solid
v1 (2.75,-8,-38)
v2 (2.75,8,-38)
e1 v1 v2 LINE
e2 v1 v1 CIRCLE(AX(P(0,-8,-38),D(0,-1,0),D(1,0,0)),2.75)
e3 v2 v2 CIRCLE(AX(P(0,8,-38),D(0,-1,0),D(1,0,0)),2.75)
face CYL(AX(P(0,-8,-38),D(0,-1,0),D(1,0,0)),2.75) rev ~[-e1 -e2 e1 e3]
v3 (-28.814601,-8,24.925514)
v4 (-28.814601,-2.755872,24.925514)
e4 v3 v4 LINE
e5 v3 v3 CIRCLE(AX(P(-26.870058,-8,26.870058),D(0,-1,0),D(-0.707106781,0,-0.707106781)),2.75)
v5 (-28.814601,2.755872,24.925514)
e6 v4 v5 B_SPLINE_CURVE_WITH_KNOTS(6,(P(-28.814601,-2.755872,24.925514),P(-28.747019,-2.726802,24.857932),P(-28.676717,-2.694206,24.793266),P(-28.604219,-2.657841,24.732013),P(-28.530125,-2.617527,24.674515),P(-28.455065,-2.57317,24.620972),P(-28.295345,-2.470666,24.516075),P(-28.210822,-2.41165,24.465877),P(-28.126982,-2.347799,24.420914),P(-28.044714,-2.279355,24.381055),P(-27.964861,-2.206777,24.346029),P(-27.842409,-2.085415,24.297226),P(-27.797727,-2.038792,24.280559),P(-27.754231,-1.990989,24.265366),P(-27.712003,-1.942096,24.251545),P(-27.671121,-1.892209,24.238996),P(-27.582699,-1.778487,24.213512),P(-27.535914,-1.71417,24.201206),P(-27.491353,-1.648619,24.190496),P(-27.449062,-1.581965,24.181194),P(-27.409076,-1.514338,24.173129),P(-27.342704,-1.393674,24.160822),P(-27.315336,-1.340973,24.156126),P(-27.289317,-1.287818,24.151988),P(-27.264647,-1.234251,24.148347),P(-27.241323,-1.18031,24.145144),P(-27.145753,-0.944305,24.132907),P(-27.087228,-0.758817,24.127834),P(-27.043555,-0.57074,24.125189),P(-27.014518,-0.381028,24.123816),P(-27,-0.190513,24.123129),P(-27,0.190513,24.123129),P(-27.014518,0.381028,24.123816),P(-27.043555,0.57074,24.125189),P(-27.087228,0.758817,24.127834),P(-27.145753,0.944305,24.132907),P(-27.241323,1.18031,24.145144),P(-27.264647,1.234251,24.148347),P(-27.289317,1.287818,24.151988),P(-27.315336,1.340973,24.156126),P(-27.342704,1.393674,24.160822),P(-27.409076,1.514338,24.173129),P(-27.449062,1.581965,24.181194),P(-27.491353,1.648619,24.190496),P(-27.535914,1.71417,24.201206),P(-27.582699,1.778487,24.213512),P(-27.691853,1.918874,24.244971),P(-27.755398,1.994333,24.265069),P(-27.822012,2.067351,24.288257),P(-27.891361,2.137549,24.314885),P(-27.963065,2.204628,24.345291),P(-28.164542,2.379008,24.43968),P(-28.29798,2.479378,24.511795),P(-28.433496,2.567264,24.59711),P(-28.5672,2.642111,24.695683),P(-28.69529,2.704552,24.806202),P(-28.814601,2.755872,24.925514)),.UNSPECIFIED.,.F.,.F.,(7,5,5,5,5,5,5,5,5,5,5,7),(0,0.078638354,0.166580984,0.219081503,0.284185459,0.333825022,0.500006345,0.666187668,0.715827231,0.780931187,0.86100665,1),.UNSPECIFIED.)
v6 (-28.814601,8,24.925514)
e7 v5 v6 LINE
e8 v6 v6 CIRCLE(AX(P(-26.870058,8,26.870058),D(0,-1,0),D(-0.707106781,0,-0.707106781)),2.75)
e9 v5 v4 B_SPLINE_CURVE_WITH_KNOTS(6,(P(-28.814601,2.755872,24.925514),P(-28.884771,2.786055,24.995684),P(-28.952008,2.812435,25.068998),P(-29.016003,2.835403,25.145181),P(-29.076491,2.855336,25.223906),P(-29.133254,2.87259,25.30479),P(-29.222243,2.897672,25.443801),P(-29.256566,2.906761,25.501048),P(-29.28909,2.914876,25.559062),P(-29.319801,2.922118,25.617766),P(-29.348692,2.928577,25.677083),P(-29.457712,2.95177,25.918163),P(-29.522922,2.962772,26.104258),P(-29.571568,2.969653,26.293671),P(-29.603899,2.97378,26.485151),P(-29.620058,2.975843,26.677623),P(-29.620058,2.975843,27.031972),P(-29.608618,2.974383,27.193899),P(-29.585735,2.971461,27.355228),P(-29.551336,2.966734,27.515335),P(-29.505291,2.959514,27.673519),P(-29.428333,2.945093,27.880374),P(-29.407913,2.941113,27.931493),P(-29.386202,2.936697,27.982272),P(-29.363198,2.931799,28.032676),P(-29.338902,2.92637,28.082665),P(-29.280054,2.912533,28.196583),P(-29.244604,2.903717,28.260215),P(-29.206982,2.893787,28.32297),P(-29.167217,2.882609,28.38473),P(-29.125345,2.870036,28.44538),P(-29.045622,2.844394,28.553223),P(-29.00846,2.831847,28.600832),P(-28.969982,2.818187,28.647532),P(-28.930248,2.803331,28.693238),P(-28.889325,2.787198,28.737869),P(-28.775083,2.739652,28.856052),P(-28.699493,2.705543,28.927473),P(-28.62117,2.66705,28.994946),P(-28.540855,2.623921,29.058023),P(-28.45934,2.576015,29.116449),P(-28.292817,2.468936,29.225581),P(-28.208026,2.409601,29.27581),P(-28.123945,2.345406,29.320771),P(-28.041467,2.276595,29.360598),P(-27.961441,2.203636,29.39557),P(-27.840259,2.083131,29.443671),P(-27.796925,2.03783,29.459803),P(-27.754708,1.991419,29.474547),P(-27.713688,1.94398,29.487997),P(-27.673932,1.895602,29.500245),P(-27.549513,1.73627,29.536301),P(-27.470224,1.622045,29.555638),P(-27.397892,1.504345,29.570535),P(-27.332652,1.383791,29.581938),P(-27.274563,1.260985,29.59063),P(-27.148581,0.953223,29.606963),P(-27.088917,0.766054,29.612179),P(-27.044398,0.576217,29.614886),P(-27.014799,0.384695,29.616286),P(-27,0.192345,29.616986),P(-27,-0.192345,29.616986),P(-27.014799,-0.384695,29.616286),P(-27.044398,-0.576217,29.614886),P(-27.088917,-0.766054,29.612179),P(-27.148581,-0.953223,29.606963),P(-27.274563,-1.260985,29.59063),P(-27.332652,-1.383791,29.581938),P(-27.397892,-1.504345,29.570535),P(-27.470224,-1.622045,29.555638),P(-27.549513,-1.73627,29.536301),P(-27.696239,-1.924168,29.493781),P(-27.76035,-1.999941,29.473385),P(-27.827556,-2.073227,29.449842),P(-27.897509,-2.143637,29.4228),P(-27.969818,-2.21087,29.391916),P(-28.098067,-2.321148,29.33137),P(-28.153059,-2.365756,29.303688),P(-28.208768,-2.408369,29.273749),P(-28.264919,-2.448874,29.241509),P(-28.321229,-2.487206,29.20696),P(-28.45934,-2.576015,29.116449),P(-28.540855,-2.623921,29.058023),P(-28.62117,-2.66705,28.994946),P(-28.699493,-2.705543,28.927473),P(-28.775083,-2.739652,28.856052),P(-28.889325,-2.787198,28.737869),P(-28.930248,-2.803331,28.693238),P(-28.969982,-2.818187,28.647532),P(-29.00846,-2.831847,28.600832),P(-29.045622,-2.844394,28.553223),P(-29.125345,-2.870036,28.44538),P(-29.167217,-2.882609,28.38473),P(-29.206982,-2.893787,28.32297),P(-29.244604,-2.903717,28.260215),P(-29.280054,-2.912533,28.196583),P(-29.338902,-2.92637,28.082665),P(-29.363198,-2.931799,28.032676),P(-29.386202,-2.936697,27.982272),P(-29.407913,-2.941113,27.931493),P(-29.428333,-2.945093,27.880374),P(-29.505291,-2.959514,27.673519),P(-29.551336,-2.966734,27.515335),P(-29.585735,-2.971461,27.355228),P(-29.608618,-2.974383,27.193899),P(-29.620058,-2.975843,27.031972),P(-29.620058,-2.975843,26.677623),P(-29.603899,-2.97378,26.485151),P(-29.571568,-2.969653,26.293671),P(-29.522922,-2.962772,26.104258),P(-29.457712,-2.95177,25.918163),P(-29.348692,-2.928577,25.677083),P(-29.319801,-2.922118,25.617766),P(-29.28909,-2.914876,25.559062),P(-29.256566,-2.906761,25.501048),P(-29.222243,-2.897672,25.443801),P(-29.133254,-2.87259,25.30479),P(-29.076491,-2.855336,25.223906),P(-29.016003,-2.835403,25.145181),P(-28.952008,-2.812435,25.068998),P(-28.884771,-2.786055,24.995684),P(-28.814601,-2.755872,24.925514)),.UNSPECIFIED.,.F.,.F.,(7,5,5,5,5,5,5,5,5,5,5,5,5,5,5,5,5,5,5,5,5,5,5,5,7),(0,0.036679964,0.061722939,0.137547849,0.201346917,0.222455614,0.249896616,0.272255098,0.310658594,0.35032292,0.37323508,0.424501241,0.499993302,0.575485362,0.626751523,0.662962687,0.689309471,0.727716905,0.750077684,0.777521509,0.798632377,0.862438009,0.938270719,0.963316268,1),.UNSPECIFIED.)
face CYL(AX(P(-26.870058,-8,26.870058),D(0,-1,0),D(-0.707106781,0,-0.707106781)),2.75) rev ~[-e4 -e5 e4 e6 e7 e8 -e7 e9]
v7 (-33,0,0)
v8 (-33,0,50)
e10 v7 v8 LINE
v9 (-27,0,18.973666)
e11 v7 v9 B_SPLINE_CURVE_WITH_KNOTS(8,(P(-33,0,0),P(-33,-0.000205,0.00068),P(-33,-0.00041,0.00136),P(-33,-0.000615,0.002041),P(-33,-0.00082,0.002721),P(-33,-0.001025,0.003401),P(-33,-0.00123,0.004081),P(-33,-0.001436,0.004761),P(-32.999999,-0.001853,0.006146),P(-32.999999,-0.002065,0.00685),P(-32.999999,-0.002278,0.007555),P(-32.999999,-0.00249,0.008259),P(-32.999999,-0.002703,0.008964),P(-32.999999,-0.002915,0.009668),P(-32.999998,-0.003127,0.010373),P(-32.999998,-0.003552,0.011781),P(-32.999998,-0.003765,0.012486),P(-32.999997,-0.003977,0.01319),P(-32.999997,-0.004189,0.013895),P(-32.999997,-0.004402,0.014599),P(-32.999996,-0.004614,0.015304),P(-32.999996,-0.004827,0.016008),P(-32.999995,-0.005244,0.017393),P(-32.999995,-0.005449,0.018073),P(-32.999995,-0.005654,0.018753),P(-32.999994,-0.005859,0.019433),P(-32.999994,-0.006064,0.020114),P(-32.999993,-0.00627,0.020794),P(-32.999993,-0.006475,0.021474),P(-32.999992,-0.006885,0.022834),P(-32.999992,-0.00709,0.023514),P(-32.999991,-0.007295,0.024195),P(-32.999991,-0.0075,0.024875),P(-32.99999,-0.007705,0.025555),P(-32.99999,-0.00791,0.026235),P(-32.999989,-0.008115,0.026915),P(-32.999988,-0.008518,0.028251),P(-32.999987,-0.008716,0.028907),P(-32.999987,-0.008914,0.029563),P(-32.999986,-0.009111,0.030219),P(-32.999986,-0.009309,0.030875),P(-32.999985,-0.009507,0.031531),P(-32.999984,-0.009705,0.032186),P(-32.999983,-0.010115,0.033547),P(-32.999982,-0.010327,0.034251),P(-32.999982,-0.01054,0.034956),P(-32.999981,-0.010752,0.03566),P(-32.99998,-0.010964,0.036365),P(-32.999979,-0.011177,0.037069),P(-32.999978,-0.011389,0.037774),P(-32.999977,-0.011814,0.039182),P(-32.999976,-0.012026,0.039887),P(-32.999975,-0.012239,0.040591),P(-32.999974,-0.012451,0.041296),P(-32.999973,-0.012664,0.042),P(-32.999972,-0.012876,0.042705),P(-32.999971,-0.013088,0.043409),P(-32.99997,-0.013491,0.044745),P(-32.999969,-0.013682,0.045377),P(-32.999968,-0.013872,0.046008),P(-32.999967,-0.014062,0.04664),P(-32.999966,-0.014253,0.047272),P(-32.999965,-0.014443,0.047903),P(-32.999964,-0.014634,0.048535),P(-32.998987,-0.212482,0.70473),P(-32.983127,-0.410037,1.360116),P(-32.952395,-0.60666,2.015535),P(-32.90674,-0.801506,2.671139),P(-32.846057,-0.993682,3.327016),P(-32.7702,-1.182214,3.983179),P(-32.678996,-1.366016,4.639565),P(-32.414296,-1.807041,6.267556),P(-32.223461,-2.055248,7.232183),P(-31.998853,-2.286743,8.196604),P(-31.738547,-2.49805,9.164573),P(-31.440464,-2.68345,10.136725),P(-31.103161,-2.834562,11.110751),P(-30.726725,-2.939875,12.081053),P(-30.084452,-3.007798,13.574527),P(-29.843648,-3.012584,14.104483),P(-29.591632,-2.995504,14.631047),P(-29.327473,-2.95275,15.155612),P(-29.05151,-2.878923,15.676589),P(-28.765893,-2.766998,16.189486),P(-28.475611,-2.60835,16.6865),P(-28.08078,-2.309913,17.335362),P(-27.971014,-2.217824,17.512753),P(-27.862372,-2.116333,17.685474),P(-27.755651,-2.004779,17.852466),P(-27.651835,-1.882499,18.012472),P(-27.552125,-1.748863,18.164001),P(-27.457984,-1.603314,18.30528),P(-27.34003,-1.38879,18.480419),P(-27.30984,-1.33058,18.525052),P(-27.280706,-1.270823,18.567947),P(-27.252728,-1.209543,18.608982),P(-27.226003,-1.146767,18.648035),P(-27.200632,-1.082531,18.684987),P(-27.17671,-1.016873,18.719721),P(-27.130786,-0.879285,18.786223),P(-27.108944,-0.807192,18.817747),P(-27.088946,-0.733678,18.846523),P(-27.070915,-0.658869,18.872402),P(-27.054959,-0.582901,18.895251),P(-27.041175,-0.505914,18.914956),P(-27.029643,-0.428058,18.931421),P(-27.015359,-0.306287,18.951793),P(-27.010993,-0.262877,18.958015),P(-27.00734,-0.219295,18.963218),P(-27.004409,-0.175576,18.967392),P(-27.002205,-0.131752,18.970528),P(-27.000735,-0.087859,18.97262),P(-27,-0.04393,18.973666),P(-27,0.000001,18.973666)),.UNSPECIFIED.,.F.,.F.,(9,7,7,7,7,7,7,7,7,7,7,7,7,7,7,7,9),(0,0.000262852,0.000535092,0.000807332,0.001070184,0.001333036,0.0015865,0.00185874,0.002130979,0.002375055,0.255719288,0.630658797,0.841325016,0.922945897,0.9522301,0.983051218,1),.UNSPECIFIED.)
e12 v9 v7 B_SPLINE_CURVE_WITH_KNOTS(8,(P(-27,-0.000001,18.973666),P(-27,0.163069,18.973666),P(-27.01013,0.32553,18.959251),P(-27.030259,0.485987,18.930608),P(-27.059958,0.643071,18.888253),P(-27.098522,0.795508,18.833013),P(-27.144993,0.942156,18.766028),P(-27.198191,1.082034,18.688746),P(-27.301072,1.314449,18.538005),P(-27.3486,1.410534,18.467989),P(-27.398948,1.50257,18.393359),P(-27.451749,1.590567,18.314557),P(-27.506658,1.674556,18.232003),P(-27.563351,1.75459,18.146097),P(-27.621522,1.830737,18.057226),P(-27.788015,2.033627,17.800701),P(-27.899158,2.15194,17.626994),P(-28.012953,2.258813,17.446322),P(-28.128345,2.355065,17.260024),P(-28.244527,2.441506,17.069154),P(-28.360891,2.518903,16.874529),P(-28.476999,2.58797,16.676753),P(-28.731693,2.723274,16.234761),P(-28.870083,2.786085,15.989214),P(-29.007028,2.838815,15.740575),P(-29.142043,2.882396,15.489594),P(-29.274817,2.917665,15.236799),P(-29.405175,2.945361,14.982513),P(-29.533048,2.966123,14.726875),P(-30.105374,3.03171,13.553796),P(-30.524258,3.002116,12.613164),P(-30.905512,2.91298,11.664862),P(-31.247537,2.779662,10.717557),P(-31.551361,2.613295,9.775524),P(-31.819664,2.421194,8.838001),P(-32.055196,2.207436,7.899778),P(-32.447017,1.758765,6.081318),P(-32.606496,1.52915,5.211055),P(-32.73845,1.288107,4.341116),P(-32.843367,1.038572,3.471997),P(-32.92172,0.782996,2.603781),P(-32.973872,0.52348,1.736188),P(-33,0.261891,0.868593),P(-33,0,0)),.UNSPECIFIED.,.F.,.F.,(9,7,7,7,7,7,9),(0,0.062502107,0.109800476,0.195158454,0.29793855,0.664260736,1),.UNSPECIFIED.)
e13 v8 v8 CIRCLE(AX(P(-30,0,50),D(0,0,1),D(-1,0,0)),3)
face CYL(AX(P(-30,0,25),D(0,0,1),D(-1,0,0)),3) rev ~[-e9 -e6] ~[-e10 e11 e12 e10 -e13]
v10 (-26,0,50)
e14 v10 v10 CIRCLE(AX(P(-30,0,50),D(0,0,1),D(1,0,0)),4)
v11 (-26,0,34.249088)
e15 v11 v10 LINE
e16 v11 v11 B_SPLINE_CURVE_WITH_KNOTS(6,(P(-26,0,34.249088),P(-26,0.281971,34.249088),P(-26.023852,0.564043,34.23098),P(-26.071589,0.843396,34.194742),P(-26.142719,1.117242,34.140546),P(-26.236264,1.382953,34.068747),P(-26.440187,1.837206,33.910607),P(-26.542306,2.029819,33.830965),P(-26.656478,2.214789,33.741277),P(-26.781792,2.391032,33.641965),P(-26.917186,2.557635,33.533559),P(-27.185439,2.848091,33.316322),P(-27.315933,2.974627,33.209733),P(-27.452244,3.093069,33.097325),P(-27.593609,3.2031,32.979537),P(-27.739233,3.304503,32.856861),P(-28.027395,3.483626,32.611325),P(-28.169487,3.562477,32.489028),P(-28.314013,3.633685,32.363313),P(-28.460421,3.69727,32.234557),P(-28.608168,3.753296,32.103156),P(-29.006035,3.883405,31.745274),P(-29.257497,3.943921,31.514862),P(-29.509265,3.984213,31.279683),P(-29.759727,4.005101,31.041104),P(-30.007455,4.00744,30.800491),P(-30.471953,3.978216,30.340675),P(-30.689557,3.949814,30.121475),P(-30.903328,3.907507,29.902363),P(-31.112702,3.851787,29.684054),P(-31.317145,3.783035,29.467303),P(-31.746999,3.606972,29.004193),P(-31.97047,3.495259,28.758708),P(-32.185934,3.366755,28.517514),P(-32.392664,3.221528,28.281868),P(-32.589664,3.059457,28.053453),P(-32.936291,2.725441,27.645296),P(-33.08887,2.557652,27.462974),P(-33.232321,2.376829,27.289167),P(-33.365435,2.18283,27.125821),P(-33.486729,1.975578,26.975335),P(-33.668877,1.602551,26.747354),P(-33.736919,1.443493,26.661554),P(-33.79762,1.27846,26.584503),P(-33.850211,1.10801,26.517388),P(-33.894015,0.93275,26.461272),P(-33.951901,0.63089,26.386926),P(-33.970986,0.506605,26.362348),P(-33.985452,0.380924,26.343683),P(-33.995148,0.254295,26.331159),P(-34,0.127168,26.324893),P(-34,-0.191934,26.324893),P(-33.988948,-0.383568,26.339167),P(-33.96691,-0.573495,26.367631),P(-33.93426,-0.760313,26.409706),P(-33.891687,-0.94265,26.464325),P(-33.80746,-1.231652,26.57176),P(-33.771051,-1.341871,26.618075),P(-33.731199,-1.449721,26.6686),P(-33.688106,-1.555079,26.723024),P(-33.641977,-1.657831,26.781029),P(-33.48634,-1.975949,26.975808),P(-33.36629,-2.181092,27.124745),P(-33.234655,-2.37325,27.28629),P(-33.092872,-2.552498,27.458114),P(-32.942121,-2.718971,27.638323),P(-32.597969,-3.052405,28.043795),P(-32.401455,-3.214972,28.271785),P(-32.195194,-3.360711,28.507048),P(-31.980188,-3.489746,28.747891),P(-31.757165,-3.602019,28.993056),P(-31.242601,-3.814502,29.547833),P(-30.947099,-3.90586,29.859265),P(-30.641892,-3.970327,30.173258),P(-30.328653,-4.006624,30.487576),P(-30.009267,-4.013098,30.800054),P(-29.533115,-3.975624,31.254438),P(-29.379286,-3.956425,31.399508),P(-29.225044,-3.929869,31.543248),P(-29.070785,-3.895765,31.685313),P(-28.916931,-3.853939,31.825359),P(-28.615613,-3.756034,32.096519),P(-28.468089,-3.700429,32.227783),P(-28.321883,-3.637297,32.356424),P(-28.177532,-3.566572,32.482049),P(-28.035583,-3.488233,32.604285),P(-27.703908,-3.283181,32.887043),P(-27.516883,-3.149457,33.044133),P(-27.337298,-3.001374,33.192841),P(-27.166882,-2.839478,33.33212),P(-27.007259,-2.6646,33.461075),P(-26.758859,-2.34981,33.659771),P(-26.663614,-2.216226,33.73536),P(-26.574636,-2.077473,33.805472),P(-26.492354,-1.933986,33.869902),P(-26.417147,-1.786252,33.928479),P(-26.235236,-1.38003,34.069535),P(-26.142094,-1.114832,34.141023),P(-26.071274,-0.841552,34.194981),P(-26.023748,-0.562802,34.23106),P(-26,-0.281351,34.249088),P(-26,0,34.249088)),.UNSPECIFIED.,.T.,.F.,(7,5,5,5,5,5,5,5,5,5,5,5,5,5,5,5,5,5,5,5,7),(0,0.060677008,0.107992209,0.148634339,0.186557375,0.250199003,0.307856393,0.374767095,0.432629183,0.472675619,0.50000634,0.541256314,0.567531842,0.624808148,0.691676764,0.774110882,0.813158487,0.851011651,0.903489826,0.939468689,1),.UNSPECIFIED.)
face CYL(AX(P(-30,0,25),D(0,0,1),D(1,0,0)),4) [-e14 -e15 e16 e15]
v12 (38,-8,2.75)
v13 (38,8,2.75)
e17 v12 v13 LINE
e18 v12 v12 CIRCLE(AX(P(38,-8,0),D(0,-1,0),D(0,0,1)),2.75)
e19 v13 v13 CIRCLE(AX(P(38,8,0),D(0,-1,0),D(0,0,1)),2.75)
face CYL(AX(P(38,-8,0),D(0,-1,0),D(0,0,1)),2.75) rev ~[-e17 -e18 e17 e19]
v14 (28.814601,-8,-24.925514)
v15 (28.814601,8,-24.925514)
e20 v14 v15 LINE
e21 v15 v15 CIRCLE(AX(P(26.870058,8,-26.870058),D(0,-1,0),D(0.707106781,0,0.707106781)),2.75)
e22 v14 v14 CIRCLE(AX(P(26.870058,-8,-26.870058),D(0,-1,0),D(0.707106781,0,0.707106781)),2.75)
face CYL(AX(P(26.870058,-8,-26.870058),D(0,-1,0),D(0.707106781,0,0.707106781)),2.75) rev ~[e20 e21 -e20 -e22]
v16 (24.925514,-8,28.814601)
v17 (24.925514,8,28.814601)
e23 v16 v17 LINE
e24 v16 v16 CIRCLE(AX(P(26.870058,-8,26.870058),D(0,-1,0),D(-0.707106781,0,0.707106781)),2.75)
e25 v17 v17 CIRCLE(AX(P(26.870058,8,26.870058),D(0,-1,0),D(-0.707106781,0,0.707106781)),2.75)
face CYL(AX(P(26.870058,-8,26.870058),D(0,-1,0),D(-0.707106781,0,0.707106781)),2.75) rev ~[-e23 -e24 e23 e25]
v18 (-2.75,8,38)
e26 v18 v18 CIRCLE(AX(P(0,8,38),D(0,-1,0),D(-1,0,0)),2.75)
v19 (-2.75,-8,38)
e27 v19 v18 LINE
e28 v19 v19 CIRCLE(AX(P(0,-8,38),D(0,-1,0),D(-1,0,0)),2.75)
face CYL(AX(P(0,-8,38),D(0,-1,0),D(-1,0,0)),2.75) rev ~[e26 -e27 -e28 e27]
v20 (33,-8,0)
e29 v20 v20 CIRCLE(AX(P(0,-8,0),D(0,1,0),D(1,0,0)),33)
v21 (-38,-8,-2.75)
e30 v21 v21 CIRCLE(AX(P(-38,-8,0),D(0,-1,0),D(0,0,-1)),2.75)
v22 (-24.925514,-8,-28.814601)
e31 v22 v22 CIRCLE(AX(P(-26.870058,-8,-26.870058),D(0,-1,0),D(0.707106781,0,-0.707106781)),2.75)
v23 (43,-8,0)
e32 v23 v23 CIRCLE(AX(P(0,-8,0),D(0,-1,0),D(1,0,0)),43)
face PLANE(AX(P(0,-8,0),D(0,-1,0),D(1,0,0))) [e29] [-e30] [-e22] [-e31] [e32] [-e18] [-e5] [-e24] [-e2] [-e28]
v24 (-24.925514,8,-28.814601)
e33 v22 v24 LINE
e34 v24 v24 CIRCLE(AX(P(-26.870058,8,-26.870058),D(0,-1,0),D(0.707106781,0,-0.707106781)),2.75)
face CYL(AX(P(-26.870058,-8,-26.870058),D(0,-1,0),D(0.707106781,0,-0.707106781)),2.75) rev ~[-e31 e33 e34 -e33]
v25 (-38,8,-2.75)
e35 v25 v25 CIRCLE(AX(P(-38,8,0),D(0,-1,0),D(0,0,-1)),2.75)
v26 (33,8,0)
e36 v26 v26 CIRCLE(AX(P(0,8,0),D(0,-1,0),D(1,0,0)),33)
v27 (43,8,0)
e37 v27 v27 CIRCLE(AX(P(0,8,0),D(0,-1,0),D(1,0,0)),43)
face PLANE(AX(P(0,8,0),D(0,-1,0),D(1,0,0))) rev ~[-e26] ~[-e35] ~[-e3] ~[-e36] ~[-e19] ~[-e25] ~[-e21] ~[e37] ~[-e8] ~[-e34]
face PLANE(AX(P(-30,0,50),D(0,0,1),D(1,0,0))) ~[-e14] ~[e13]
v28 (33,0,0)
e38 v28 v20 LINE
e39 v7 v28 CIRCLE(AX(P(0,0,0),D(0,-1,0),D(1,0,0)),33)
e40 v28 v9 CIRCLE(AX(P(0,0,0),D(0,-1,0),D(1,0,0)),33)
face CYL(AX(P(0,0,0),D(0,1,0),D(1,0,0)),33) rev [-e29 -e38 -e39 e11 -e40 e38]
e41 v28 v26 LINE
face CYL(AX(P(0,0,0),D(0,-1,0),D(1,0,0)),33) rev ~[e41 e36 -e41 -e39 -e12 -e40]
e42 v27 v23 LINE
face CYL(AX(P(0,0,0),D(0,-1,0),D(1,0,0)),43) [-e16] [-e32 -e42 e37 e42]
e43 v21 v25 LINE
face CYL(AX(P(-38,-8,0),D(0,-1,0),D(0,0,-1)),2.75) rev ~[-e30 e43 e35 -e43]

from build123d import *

# Parameters (mm, degrees)
SKETCH001_R           = 43
PAD_DEPTH             = 8
SKETCH002_W           = 4
SKETCH002_H           = 50
SKETCH003_R           = 33
POCKET_DEPTH          = 8.001
POCKET_DEPTH_BACK     = 8.001
SKETCH004_W           = 3
SKETCH004_H           = 50
SKETCH013_R           = 2.75
POCKET005_DEPTH       = 271.35174
POLARPATTERN003_COUNT = 8


with BuildPart() as part:
    # Sketch001 → Pad (new body, symmetric)
    with BuildSketch(Plane.XZ):
        Circle(SKETCH001_R)
    extrude(amount=PAD_DEPTH, both=True)

    # Sketch002 → Revolution (revolve)
    with BuildSketch(Plane.XZ):
        with Locations((-28, 25)):
            Rectangle(SKETCH002_W, SKETCH002_H)
    revolve(axis=Axis((-30, 0, 40.402922), (0, 0, 1)))

    # Sketch003 → Pocket (cut, two sides)
    with BuildSketch(Plane.XZ) as pocket_sk:
        Circle(SKETCH003_R)
    extrude(amount=-POCKET_DEPTH, mode=Mode.SUBTRACT)
    extrude(pocket_sk.sketch, amount=POCKET_DEPTH_BACK, mode=Mode.SUBTRACT)

    # Sketch004 → Groove (revolve, cut)
    with BuildSketch(Plane.XZ):
        with Locations((-31.5, 25)):
            Rectangle(SKETCH004_W, SKETCH004_H)
    revolve(axis=Axis((-30, 0, 22.276785), (0, 0, 1)), mode=Mode.SUBTRACT)

    # Sketch013 (on Face4 of Groove) → Pocket005 (cut, through all)
    with BuildSketch(Plane.XZ.offset(8)):
        with Locations((0, -38)):
            Circle(SKETCH013_R)
    pocket005 = extrude(amount=-POCKET005_DEPTH, mode=Mode.SUBTRACT)

    # PolarPattern003: Pocket005 ×8 about axis
    polarpattern003_axis = Axis((0, -8, 0), (0, -1, 0))
    for i in range(1, POLARPATTERN003_COUNT):
        add(pocket005.rotate(polarpattern003_axis, i * 360 / POLARPATTERN003_COUNT), mode=Mode.SUBTRACT)


solid = part.part
